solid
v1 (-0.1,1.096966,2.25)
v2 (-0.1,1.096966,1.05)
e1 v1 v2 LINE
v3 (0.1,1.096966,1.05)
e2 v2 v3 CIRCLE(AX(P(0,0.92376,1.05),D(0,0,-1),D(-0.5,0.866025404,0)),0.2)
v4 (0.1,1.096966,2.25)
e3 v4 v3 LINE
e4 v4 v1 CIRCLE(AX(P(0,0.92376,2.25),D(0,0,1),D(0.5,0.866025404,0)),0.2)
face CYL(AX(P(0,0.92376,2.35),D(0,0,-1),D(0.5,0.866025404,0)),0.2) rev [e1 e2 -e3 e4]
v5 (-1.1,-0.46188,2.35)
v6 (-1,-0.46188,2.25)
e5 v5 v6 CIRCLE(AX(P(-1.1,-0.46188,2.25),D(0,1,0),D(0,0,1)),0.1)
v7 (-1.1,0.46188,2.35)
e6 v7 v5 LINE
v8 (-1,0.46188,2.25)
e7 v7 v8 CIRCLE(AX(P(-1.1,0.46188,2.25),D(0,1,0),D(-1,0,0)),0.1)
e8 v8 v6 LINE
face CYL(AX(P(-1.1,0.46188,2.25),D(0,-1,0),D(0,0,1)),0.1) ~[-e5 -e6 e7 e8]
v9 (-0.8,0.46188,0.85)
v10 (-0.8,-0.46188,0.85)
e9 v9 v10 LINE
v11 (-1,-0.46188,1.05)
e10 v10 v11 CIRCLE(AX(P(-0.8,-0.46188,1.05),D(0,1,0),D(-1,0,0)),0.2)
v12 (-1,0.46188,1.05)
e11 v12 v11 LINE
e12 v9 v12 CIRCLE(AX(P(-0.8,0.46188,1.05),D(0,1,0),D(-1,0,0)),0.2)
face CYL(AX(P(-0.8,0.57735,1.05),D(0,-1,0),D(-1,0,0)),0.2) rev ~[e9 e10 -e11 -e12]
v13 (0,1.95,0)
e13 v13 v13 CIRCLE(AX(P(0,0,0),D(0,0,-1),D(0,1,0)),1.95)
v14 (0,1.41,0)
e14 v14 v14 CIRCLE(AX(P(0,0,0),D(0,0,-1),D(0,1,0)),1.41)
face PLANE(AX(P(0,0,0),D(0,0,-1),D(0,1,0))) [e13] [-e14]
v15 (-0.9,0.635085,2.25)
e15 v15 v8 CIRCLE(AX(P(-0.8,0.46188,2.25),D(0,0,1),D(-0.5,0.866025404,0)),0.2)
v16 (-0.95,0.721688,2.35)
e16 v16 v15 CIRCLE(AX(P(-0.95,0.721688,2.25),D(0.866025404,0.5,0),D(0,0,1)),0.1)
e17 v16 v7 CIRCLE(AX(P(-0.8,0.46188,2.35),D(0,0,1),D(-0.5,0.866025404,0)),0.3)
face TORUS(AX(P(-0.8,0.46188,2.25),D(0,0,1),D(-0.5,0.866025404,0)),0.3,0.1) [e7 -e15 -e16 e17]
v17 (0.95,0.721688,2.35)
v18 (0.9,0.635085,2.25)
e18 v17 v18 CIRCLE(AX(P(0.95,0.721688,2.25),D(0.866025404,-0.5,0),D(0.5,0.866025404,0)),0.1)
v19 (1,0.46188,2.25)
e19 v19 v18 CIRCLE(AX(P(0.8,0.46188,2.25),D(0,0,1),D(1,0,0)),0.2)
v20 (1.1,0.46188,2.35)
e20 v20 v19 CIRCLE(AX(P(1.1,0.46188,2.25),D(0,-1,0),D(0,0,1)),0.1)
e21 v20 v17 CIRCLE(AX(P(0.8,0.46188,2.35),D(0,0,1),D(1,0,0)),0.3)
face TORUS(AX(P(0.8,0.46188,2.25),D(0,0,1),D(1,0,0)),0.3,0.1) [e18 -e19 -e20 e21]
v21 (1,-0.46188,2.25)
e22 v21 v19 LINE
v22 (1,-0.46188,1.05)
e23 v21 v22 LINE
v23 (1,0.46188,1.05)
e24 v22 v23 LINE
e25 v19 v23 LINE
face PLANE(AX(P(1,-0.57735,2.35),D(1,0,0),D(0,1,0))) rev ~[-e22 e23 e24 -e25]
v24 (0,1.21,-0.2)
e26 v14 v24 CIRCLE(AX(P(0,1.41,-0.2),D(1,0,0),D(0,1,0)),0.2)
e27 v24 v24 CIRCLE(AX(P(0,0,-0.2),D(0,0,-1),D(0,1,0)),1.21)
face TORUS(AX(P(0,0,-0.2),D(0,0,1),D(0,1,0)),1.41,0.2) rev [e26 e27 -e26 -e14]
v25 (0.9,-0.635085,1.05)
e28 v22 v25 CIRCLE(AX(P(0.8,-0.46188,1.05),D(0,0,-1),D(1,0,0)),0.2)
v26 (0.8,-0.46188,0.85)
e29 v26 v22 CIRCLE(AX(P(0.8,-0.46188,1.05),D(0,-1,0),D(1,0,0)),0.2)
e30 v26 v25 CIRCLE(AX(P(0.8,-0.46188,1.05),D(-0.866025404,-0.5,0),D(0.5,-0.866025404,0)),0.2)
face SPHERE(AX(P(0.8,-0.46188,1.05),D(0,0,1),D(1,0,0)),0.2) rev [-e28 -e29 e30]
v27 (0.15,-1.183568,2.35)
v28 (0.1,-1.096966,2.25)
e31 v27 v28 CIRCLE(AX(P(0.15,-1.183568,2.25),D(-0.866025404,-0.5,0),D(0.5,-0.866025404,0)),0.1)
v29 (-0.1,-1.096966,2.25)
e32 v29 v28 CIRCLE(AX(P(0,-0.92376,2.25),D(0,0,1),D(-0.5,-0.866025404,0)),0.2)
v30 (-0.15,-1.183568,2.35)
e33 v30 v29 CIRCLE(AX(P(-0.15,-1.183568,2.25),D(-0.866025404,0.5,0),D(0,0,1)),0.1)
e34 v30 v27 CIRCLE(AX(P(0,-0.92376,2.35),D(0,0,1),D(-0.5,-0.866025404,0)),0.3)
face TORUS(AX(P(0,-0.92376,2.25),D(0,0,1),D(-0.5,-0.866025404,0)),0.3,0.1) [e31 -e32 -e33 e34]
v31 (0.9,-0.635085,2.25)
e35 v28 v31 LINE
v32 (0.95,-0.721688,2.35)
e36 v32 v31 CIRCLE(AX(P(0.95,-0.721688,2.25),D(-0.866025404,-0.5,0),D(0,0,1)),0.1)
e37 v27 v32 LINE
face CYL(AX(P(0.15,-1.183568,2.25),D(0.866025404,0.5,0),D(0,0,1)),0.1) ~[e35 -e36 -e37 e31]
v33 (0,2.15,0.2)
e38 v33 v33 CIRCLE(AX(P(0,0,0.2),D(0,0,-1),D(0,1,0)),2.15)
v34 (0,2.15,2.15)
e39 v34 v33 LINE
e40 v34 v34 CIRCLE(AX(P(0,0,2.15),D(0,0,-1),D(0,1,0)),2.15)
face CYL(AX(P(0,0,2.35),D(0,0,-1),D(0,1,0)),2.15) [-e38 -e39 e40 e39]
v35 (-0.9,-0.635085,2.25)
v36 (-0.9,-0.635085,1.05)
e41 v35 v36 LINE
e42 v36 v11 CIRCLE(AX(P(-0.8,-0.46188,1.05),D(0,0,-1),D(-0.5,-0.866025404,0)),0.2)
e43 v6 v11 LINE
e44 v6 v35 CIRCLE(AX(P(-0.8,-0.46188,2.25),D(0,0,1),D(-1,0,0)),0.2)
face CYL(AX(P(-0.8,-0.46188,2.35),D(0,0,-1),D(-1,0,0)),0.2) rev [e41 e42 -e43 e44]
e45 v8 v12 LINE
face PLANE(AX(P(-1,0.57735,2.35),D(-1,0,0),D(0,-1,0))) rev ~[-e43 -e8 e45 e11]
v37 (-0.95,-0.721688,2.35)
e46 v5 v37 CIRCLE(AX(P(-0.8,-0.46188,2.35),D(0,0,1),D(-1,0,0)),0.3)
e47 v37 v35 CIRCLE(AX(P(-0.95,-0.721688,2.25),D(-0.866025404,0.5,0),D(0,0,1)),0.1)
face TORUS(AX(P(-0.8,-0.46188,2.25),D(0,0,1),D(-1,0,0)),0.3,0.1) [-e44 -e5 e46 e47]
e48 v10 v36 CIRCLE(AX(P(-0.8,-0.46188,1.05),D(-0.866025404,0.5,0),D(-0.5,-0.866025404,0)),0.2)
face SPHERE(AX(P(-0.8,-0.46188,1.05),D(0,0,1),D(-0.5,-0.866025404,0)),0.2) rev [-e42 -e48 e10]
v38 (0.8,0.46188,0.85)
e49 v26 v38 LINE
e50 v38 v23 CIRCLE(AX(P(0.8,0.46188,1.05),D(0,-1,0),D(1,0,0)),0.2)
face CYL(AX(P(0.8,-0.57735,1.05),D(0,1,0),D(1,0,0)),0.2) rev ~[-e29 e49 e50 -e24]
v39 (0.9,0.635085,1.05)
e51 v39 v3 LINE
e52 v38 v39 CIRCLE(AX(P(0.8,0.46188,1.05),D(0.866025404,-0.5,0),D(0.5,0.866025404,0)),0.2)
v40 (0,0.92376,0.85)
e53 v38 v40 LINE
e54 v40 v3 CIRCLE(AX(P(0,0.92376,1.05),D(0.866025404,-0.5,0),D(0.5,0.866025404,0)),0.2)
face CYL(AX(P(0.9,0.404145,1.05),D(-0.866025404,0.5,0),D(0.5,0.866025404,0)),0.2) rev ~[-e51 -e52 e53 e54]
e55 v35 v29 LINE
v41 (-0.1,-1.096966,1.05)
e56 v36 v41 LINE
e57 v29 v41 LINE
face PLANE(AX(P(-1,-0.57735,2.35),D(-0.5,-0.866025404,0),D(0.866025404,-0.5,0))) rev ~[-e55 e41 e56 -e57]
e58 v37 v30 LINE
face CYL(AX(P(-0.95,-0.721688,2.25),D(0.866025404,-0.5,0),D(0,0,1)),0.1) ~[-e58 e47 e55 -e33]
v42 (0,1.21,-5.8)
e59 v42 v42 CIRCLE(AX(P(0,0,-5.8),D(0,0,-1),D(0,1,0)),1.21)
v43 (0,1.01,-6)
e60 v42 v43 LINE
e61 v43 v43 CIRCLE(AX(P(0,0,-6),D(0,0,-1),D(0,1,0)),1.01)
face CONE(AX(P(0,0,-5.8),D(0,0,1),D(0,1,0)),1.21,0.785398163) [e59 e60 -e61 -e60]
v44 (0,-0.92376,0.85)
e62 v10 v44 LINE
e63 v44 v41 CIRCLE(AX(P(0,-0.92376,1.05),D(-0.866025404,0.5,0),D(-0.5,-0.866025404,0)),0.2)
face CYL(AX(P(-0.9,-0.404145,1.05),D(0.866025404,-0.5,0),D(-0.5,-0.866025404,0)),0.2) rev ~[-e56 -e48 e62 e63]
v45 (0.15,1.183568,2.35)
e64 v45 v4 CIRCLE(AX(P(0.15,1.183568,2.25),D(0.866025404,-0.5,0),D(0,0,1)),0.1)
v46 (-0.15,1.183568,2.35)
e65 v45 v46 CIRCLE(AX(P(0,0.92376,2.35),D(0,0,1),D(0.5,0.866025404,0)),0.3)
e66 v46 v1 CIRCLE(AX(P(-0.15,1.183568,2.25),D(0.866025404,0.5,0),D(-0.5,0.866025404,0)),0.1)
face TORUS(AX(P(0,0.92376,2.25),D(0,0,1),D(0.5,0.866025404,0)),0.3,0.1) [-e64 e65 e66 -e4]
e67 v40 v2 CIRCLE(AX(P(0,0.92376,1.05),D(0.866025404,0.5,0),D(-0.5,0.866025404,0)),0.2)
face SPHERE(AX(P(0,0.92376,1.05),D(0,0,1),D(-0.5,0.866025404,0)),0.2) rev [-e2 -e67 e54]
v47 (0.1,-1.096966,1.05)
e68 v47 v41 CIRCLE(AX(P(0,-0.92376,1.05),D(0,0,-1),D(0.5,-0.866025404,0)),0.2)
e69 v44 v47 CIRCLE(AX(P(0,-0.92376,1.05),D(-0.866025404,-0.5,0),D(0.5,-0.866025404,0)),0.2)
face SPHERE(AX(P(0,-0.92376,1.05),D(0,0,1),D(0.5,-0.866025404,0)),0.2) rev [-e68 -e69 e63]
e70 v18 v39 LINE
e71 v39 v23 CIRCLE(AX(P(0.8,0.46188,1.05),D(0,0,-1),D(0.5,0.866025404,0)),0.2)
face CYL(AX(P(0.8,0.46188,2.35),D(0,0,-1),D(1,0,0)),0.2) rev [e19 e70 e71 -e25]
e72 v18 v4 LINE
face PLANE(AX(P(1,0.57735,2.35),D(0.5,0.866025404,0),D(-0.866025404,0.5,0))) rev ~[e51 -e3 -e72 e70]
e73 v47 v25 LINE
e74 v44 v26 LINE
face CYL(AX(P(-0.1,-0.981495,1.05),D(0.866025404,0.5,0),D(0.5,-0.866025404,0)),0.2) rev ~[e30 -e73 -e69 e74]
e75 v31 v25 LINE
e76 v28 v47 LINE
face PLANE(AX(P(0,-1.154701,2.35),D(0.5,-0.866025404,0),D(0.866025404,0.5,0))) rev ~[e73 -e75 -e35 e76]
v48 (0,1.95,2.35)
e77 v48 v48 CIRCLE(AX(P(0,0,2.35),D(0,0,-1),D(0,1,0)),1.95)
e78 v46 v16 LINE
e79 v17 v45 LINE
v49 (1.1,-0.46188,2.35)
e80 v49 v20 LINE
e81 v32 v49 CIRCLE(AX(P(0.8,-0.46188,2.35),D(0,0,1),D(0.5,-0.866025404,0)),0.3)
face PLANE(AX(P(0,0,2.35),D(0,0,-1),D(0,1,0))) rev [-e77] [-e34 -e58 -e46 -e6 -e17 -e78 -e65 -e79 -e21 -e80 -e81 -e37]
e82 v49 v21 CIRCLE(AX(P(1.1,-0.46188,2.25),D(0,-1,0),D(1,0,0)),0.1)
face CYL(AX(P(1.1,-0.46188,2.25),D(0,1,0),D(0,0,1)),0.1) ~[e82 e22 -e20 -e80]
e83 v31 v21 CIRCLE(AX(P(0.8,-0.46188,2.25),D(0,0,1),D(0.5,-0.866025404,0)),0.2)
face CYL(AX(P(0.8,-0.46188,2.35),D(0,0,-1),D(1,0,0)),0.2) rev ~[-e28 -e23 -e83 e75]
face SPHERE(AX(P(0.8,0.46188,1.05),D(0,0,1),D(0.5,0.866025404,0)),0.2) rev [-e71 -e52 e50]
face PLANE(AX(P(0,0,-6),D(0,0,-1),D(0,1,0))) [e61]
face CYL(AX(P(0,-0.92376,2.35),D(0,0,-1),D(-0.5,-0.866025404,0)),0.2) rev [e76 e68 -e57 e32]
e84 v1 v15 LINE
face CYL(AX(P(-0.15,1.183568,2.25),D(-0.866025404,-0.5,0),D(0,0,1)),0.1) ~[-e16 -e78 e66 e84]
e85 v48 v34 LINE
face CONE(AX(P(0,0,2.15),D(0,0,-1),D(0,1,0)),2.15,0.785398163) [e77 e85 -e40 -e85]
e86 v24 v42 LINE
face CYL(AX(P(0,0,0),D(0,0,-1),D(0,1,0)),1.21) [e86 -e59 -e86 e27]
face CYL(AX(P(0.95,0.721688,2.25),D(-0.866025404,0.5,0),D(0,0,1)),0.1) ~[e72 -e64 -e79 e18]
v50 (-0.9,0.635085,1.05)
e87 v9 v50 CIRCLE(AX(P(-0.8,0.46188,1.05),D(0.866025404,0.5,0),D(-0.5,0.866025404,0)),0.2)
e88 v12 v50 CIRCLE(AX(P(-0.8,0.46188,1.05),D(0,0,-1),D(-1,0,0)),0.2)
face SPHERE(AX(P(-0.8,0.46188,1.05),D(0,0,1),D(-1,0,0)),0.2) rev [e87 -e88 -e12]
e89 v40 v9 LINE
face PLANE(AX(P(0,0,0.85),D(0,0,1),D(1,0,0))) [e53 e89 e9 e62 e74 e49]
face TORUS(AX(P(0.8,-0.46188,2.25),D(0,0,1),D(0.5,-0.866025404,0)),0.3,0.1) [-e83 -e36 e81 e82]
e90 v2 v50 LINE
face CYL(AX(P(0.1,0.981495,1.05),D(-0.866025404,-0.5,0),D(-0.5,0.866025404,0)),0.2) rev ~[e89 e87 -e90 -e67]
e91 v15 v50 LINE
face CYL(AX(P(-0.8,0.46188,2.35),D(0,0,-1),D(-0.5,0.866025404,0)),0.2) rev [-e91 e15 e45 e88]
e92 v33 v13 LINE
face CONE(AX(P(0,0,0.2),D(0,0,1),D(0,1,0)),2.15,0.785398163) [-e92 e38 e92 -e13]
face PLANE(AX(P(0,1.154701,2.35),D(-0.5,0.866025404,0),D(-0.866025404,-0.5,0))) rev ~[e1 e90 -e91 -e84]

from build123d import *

# Parameters (mm, degrees)
SCHNITT_LINEAR_AUSTRAGEN1_DEPTH = 1.5
FASE1_SIZE                      = 0.2
VERRUNDUNG1_R                   = 0.2
VERRUNDUNG2_R                   = 0.1


with BuildPart() as part:
    # Skizze1 → Rotation1 (revolve)
    with BuildSketch(Plane(origin=(0, 0, 0), x_dir=(0, 0, -1), z_dir=(1, 0, 0))):
        Polygon((-2.35, 0), (-2.35, 2.15), (0, 2.15), (0, 1.21), (6, 1.21), (6, 0), align=None)
    revolve(axis=Axis((0, 0, 21.919879518), (0, 0, -1)))

    # Skizze2 → Schnitt-Linear austragen1 (cut)
    with BuildSketch(Plane.XY.offset(2.35)):
        Polygon((1, -0.577350269), (1, 0.577350269), (0, 1.154700538), (-1, 0.577350269), (-1, -0.577350269), (0, -1.154700538), align=None)
    extrude(amount=-SCHNITT_LINEAR_AUSTRAGEN1_DEPTH, mode=Mode.SUBTRACT)

    # Fase1
    fase1_edges = [part.edges().sort_by_distance(p)[0] for p in [
        (0, -1.21, -6),
        (0, -2.15, 0),
        (0, -2.15, 2.35),
    ]]
    chamfer(fase1_edges, length=FASE1_SIZE)

    # Verrundung1
    verrundung1_edges = [part.edges().sort_by_distance(p)[0] for p in [
        (0.5, -0.866025404, 0.85),
        (1, -0.577350269, 1.6),
        (-0.5, -0.866025404, 0.85),
        (0, -1.154700538, 1.6),
        (-1, 0, 0.85),
        (-1, -0.577350269, 1.6),
        (-0.5, 0.866025404, 0.85),
        (-1, 0.577350269, 1.6),
        (0.5, 0.866025404, 0.85),
        (0, 1.154700538, 1.6),
        (1, 0, 0.85),
        (1, 0.577350269, 1.6),
        (0, -1.21, 0),
    ]]
    fillet(verrundung1_edges, radius=VERRUNDUNG1_R)

    # Verrundung2
    verrundung2_edges = [part.edges().sort_by_distance(p)[0] for p in [
        (-0.5, -0.866025404, 2.35),
        (-1, 0, 2.35),
        (-0.5, 0.866025404, 2.35),
        (0.5, 0.866025404, 2.35),
        (1, 0, 2.35),
        (0.5, -0.866025404, 2.35),
        (-0.973205081, -0.561880215, 2.35),
        (0, -1.123760431, 2.35),
        (0.973205081, -0.561880215, 2.35),
        (0.973205081, 0.561880215, 2.35),
        (0, 1.123760431, 2.35),
        (-0.973205081, 0.561880215, 2.35),
    ]]
    fillet(verrundung2_edges, radius=VERRUNDUNG2_R)


solid = part.part
